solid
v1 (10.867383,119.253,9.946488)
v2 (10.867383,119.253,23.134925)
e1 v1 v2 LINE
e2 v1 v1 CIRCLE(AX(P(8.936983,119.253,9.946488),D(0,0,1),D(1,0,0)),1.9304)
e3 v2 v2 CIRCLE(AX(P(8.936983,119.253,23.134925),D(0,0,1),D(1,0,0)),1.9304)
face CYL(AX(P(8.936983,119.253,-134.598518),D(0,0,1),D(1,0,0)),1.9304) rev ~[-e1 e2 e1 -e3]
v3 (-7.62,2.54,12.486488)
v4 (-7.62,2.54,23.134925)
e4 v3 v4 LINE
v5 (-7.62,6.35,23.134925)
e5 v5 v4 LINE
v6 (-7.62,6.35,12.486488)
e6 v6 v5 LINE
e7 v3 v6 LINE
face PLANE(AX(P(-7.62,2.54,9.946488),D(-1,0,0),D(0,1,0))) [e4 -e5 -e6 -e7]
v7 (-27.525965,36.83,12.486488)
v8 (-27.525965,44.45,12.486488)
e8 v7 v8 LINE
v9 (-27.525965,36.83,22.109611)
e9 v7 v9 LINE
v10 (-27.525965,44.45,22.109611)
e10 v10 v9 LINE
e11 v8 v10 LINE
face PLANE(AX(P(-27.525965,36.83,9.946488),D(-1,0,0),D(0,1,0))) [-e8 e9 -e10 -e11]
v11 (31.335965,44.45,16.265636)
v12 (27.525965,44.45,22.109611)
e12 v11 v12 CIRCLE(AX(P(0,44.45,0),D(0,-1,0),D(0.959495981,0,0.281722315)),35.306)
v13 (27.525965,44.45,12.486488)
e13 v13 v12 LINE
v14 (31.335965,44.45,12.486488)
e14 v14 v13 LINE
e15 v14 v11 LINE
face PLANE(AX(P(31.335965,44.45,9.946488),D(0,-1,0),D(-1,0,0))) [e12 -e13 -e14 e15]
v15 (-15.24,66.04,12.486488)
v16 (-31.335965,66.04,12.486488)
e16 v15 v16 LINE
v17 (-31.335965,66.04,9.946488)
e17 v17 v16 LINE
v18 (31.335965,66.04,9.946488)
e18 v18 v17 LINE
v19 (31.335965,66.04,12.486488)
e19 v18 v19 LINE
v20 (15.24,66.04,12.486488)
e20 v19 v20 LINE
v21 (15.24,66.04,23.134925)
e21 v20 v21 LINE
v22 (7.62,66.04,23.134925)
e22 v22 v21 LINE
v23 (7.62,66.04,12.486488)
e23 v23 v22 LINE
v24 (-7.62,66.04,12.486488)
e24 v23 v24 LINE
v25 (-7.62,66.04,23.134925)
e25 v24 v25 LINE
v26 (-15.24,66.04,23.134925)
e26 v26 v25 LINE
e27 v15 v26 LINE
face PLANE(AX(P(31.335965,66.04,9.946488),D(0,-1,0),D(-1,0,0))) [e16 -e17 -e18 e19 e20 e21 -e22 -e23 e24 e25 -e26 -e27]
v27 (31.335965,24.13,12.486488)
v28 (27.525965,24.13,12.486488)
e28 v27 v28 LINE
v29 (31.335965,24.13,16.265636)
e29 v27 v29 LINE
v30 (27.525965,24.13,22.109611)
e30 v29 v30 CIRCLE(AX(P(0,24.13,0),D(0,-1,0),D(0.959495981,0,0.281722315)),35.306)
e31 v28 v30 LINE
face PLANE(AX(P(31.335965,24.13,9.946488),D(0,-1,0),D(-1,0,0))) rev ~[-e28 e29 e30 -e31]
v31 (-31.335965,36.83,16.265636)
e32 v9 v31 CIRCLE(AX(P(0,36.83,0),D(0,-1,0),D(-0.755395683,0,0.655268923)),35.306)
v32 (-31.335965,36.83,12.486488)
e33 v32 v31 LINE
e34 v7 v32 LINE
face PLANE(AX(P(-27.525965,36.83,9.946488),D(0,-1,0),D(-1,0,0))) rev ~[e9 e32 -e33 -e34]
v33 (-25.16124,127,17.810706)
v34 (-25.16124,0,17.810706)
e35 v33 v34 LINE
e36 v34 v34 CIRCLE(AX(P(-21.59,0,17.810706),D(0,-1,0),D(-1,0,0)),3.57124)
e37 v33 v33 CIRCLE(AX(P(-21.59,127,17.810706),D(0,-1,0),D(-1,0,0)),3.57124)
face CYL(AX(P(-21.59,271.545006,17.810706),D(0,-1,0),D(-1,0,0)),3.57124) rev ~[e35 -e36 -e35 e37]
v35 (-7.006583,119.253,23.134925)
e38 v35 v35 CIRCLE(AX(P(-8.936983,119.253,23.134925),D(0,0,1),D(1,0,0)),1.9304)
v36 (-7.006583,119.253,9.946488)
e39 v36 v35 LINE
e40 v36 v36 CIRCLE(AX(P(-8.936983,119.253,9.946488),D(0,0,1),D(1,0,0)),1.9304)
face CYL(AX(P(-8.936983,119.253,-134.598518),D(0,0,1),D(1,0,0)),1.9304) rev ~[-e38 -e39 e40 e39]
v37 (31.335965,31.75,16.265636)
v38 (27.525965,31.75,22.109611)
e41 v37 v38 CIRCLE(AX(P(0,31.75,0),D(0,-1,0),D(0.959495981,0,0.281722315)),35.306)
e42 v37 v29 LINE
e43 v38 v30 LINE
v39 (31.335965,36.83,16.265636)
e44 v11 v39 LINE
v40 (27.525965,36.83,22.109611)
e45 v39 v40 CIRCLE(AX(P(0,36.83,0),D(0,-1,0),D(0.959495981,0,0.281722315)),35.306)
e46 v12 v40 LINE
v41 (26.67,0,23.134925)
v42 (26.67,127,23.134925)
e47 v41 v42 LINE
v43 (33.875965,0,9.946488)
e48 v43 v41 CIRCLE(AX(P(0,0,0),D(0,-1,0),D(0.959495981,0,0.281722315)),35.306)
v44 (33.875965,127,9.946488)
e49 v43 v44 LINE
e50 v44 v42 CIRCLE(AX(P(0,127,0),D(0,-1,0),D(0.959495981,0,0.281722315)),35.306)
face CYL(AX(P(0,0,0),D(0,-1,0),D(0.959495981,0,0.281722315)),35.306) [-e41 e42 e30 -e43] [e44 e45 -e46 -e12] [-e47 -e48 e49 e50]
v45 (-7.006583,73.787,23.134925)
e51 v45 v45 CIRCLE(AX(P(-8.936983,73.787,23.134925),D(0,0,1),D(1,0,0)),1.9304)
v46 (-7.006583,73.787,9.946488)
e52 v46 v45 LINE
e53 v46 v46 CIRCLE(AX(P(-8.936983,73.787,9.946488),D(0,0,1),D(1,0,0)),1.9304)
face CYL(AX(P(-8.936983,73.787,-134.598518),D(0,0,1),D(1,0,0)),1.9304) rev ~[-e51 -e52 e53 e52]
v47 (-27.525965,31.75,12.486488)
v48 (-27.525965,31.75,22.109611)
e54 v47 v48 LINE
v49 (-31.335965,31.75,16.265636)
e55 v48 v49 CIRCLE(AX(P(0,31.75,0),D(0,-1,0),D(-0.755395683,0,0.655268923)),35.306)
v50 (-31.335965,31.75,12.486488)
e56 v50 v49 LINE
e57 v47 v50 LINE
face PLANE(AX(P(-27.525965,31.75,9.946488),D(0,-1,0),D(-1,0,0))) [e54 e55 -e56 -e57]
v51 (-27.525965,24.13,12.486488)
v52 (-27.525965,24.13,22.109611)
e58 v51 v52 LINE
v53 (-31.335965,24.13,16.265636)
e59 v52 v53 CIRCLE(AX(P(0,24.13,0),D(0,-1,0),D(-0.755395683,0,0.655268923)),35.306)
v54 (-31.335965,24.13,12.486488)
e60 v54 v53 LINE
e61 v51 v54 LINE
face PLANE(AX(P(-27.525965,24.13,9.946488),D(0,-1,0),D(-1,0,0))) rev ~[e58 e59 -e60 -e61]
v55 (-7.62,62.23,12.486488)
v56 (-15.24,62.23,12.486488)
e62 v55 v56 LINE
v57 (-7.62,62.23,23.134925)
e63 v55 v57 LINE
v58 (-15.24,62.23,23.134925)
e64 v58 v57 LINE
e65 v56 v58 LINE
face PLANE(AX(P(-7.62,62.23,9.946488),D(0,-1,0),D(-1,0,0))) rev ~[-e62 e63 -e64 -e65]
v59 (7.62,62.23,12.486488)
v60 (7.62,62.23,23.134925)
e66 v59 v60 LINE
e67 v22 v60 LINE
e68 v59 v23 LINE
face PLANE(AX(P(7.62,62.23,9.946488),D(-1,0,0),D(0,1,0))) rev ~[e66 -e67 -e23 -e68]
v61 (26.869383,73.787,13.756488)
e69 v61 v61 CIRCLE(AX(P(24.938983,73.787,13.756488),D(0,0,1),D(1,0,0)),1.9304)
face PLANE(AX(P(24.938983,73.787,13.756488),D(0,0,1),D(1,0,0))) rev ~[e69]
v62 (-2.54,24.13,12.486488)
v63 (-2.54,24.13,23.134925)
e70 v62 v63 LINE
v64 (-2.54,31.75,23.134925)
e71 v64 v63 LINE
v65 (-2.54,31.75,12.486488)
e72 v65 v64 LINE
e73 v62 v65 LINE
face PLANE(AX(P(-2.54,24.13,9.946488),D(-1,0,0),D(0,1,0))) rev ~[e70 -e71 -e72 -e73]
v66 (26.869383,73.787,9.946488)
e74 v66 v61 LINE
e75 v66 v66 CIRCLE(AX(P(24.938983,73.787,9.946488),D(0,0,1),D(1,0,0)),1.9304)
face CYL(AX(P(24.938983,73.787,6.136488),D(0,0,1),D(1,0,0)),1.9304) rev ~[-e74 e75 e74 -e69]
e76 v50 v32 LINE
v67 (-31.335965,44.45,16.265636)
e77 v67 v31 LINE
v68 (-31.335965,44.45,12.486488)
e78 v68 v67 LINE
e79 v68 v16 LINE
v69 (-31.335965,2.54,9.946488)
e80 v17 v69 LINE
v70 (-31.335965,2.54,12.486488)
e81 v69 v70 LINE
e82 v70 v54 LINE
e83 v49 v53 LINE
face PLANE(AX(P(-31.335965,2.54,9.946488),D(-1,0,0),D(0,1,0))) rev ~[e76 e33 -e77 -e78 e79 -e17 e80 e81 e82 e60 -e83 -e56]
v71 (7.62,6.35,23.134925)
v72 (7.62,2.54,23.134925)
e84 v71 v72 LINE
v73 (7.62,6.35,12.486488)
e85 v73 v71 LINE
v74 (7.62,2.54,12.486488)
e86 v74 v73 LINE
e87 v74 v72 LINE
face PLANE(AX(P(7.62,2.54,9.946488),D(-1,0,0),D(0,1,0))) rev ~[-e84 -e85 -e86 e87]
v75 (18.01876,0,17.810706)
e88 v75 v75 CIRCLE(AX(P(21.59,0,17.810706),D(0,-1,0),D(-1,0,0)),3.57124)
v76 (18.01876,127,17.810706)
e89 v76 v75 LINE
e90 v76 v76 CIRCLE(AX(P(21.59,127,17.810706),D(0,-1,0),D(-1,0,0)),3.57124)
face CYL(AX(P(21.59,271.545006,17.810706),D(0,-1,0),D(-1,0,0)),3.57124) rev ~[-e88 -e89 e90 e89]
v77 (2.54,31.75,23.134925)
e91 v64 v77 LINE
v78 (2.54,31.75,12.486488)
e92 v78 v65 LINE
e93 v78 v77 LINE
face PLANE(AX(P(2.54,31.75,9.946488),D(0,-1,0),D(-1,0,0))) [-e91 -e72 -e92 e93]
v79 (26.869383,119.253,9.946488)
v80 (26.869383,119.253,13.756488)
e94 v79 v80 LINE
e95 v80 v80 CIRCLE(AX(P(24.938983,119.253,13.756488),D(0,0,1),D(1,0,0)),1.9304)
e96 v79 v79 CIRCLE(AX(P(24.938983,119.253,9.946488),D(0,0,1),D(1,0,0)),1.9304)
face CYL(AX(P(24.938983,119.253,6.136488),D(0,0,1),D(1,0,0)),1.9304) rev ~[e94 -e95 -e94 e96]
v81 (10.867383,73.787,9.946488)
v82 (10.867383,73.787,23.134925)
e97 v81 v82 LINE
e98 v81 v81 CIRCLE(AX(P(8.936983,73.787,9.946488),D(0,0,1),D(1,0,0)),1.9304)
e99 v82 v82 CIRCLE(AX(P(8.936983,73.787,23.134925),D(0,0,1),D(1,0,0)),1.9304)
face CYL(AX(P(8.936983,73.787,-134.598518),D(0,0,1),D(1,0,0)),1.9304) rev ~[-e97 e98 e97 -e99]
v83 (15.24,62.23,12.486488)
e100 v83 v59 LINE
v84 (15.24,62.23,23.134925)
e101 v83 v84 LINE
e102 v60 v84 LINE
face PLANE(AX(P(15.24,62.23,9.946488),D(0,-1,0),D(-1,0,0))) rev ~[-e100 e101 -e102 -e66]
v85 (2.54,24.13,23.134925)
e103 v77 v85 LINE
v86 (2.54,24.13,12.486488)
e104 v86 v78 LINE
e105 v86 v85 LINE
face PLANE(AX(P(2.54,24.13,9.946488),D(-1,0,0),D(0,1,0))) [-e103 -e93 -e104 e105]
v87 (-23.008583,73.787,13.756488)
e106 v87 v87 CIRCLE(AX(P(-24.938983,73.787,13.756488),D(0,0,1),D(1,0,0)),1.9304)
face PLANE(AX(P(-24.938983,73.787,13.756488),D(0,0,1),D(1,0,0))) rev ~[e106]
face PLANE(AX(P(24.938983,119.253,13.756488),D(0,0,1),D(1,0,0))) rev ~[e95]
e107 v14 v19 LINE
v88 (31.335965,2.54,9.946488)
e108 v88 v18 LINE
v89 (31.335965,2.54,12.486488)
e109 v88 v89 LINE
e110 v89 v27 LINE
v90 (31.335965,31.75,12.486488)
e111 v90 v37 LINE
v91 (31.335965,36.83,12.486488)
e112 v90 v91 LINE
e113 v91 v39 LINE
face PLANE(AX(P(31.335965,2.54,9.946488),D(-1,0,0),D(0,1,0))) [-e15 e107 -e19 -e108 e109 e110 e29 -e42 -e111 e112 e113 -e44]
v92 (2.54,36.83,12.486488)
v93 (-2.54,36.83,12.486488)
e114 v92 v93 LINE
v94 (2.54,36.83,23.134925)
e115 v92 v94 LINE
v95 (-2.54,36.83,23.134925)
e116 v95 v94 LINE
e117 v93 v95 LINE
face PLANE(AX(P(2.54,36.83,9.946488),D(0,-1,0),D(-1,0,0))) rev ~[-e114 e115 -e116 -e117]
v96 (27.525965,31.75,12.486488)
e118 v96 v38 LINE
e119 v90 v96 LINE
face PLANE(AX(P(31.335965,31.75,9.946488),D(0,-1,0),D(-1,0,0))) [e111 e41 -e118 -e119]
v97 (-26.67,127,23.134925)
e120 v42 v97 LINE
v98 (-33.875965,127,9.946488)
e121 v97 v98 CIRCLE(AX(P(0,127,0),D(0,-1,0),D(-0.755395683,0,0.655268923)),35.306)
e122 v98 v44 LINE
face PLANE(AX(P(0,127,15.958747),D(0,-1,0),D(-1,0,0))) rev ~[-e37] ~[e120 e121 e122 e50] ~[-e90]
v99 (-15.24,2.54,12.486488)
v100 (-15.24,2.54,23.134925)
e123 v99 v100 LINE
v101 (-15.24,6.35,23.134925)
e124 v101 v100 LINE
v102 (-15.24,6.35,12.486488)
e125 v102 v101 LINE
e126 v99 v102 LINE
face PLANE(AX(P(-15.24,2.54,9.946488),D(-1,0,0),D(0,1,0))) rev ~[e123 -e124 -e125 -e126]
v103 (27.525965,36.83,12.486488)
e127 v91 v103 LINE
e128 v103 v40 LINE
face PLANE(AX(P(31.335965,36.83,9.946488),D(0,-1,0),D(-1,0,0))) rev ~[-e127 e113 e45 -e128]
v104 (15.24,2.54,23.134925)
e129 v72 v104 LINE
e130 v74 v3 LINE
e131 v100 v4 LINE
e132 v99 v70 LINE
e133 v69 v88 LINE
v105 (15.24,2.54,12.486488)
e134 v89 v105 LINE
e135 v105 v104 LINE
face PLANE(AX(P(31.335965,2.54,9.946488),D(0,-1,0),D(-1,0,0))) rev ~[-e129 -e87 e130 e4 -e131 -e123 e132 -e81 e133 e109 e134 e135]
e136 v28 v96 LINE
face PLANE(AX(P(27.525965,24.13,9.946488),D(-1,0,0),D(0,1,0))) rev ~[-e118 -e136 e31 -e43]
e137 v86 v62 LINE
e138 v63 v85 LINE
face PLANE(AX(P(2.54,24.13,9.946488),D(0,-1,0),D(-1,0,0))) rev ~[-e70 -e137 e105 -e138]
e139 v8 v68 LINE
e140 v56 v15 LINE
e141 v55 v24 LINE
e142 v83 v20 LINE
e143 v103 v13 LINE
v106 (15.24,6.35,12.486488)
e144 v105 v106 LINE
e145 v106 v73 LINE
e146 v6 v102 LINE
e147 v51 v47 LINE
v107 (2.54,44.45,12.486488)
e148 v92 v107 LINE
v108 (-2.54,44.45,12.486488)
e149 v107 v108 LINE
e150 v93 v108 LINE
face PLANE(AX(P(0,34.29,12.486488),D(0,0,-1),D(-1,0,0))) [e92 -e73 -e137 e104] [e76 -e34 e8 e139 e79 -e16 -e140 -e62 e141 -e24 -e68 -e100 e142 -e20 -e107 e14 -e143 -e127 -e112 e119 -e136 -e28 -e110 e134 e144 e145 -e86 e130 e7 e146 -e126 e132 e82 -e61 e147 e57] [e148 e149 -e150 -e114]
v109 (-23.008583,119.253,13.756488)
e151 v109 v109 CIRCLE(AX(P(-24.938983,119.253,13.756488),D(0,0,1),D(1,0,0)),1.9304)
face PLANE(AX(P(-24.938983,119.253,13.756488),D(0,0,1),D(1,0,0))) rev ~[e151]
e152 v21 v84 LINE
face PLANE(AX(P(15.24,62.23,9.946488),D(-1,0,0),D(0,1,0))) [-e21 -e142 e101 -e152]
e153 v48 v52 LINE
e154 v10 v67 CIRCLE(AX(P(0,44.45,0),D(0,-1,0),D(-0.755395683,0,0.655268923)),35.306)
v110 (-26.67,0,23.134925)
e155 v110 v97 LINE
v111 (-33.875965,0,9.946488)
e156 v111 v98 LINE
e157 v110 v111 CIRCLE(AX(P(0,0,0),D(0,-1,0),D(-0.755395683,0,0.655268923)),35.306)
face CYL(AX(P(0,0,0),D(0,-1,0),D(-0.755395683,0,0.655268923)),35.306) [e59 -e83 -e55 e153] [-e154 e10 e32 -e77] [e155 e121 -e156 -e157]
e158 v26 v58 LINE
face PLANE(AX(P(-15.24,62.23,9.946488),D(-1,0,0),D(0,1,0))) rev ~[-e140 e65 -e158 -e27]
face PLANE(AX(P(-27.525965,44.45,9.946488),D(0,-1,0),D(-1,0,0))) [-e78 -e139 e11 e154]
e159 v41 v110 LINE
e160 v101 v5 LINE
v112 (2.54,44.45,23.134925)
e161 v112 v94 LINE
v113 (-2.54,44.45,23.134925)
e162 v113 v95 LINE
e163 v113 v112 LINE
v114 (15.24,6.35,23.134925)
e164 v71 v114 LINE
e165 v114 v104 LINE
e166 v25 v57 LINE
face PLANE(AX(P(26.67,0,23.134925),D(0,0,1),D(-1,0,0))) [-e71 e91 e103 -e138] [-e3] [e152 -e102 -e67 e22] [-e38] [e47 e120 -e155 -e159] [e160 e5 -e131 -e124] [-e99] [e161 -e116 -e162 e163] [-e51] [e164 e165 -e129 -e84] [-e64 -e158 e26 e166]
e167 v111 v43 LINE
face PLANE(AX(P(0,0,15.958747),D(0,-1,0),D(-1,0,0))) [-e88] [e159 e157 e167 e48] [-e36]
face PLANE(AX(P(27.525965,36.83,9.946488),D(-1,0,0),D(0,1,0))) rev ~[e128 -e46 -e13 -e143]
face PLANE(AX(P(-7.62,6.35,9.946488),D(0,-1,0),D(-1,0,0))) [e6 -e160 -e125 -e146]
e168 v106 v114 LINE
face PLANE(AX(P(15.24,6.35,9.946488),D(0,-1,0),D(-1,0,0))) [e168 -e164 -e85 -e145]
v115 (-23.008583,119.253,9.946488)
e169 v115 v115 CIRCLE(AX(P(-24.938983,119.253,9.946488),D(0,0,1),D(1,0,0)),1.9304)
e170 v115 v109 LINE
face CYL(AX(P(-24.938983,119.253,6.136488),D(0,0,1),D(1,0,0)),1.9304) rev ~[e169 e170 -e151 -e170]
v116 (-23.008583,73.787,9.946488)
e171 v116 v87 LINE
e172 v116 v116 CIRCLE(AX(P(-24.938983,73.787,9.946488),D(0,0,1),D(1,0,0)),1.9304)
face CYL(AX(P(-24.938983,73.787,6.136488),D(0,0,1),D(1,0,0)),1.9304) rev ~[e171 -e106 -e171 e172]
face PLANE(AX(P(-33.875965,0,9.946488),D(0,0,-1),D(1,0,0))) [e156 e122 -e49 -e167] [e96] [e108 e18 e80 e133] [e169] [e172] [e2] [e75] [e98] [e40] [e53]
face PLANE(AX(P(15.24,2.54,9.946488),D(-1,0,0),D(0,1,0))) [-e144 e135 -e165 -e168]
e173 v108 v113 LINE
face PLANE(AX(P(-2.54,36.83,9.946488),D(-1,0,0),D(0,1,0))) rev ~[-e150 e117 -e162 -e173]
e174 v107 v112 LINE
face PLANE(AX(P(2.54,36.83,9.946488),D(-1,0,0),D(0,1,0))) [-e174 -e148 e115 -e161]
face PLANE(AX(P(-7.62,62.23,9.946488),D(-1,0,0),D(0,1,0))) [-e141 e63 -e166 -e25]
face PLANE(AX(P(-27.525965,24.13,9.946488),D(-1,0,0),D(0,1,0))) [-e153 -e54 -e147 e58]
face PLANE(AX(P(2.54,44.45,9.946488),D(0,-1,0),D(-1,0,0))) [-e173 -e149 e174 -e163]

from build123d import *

# Parameters (mm, degrees)
BOSS_EXTRUDE1_DEPTH       = 127
SKETCH10_W                = 62.671930198
SKETCH10_H                = 63.5
CUT_EXTRUDE1_DEPTH        = 2.54
F_1_4_CLEARANCE_HOLE1_D   = 7.14248
F_8_CLEARANCE_HOLE1_D     = 3.8608
SKETCH19_W                = 5.08
SKETCH19_H                = 7.62
SKETCH19_W_2              = 3.81
SKETCH19_W_3              = 7.62
SKETCH19_H_2              = 3.81
CUT_EXTRUDE3_DEPTH        = 14.188436542
F_8_CLEARANCE_HOLE2_D     = 3.8608
F_8_CLEARANCE_HOLE2_DEPTH = 3.81


with BuildPart() as part:
    # Sketch1 → Boss-Extrude1 (new body)
    with BuildSketch(Plane(origin=(0, 0, 0), x_dir=(1, 0, 0), z_dir=(0, 1, 0))):
        with BuildLine():
            Line((-33.875965099, -9.946488053), (33.875965099, -9.946488053))
            ThreePointArc((33.875965099, -9.946488053), (30.982853114, -16.928569016), (26.67, -23.134924595))
            Line((26.67, -23.134924595), (-26.67, -23.134924595))
            ThreePointArc((-26.67, -23.134924595), (-30.982853114, -16.928569016), (-33.875965099, -9.946488053))
        make_face()
    extrude(amount=BOSS_EXTRUDE1_DEPTH)

    # Sketch10 → Cut-Extrude1 (cut)
    with BuildSketch(Plane(origin=(0, 0, 9.946488053), x_dir=(-1, 0, 0), z_dir=(0, 0, -1))):
        with Locations((0, 34.29)):
            Rectangle(SKETCH10_W, SKETCH10_H)
    extrude(amount=-CUT_EXTRUDE1_DEPTH, mode=Mode.SUBTRACT)

    # 1/4 Clearance Hole1 (through all)
    with Locations(Plane(origin=(0, 127, 0), x_dir=(1, 0, 0), z_dir=(0, 1, 0))):
        with Locations((-21.59, -17.810706324), (21.59, -17.810706324)):
            Hole(F_1_4_CLEARANCE_HOLE1_D / 2)

    # #8 Clearance Hole1 (through all)
    with Locations(Plane(origin=(0, 0, 9.946488053), x_dir=(-1, 0, 0), z_dir=(0, 0, -1))):
        with Locations((-8.93698255, 119.253), (-8.93698255, 73.787), (8.93698255, 73.787), (8.93698255, 119.253)):
            Hole(F_8_CLEARANCE_HOLE1_D / 2)

    # Sketch19 → Cut-Extrude3 (cut, through all)
    with BuildSketch(Plane(origin=(0, 0, 9.946488053), x_dir=(-1, 0, 0), z_dir=(0, 0, -1))):
        with Locations((0, 40.64)):
            Rectangle(SKETCH19_W, SKETCH19_H)
        with Locations((0, 27.94)):
            Rectangle(SKETCH19_W, SKETCH19_H)
        with Locations((29.430965099, 40.64)):
            Rectangle(SKETCH19_W_2, SKETCH19_H)
        with Locations((-11.43, 64.135)):
            Rectangle(SKETCH19_W_3, SKETCH19_H_2)
        with Locations((11.43, 64.135)):
            Rectangle(SKETCH19_W_3, SKETCH19_H_2)
        with Locations((-11.43, 4.445)):
            Rectangle(SKETCH19_W_3, SKETCH19_H_2)
        with Locations((11.43, 4.445)):
            Rectangle(SKETCH19_W_3, SKETCH19_H_2)
        with Locations((-29.430965099, 40.64)):
            Rectangle(SKETCH19_W_2, SKETCH19_H)
        with Locations((29.430965099, 27.94)):
            Rectangle(SKETCH19_W_2, SKETCH19_H)
        with Locations((-29.430965099, 27.94)):
            Rectangle(SKETCH19_W_2, SKETCH19_H)
    extrude(amount=-CUT_EXTRUDE3_DEPTH, mode=Mode.SUBTRACT)

    # #8 Clearance Hole2
    with Locations(Plane(origin=(0, 0, 9.946488053), x_dir=(-1, 0, 0), z_dir=(0, 0, -1))):
        with Locations((-24.93898255, 119.253), (-24.93898255, 73.787), (24.93898255, 73.787), (24.93898255, 119.253)):
            Hole(F_8_CLEARANCE_HOLE2_D / 2, depth=F_8_CLEARANCE_HOLE2_DEPTH)


solid = part.part
